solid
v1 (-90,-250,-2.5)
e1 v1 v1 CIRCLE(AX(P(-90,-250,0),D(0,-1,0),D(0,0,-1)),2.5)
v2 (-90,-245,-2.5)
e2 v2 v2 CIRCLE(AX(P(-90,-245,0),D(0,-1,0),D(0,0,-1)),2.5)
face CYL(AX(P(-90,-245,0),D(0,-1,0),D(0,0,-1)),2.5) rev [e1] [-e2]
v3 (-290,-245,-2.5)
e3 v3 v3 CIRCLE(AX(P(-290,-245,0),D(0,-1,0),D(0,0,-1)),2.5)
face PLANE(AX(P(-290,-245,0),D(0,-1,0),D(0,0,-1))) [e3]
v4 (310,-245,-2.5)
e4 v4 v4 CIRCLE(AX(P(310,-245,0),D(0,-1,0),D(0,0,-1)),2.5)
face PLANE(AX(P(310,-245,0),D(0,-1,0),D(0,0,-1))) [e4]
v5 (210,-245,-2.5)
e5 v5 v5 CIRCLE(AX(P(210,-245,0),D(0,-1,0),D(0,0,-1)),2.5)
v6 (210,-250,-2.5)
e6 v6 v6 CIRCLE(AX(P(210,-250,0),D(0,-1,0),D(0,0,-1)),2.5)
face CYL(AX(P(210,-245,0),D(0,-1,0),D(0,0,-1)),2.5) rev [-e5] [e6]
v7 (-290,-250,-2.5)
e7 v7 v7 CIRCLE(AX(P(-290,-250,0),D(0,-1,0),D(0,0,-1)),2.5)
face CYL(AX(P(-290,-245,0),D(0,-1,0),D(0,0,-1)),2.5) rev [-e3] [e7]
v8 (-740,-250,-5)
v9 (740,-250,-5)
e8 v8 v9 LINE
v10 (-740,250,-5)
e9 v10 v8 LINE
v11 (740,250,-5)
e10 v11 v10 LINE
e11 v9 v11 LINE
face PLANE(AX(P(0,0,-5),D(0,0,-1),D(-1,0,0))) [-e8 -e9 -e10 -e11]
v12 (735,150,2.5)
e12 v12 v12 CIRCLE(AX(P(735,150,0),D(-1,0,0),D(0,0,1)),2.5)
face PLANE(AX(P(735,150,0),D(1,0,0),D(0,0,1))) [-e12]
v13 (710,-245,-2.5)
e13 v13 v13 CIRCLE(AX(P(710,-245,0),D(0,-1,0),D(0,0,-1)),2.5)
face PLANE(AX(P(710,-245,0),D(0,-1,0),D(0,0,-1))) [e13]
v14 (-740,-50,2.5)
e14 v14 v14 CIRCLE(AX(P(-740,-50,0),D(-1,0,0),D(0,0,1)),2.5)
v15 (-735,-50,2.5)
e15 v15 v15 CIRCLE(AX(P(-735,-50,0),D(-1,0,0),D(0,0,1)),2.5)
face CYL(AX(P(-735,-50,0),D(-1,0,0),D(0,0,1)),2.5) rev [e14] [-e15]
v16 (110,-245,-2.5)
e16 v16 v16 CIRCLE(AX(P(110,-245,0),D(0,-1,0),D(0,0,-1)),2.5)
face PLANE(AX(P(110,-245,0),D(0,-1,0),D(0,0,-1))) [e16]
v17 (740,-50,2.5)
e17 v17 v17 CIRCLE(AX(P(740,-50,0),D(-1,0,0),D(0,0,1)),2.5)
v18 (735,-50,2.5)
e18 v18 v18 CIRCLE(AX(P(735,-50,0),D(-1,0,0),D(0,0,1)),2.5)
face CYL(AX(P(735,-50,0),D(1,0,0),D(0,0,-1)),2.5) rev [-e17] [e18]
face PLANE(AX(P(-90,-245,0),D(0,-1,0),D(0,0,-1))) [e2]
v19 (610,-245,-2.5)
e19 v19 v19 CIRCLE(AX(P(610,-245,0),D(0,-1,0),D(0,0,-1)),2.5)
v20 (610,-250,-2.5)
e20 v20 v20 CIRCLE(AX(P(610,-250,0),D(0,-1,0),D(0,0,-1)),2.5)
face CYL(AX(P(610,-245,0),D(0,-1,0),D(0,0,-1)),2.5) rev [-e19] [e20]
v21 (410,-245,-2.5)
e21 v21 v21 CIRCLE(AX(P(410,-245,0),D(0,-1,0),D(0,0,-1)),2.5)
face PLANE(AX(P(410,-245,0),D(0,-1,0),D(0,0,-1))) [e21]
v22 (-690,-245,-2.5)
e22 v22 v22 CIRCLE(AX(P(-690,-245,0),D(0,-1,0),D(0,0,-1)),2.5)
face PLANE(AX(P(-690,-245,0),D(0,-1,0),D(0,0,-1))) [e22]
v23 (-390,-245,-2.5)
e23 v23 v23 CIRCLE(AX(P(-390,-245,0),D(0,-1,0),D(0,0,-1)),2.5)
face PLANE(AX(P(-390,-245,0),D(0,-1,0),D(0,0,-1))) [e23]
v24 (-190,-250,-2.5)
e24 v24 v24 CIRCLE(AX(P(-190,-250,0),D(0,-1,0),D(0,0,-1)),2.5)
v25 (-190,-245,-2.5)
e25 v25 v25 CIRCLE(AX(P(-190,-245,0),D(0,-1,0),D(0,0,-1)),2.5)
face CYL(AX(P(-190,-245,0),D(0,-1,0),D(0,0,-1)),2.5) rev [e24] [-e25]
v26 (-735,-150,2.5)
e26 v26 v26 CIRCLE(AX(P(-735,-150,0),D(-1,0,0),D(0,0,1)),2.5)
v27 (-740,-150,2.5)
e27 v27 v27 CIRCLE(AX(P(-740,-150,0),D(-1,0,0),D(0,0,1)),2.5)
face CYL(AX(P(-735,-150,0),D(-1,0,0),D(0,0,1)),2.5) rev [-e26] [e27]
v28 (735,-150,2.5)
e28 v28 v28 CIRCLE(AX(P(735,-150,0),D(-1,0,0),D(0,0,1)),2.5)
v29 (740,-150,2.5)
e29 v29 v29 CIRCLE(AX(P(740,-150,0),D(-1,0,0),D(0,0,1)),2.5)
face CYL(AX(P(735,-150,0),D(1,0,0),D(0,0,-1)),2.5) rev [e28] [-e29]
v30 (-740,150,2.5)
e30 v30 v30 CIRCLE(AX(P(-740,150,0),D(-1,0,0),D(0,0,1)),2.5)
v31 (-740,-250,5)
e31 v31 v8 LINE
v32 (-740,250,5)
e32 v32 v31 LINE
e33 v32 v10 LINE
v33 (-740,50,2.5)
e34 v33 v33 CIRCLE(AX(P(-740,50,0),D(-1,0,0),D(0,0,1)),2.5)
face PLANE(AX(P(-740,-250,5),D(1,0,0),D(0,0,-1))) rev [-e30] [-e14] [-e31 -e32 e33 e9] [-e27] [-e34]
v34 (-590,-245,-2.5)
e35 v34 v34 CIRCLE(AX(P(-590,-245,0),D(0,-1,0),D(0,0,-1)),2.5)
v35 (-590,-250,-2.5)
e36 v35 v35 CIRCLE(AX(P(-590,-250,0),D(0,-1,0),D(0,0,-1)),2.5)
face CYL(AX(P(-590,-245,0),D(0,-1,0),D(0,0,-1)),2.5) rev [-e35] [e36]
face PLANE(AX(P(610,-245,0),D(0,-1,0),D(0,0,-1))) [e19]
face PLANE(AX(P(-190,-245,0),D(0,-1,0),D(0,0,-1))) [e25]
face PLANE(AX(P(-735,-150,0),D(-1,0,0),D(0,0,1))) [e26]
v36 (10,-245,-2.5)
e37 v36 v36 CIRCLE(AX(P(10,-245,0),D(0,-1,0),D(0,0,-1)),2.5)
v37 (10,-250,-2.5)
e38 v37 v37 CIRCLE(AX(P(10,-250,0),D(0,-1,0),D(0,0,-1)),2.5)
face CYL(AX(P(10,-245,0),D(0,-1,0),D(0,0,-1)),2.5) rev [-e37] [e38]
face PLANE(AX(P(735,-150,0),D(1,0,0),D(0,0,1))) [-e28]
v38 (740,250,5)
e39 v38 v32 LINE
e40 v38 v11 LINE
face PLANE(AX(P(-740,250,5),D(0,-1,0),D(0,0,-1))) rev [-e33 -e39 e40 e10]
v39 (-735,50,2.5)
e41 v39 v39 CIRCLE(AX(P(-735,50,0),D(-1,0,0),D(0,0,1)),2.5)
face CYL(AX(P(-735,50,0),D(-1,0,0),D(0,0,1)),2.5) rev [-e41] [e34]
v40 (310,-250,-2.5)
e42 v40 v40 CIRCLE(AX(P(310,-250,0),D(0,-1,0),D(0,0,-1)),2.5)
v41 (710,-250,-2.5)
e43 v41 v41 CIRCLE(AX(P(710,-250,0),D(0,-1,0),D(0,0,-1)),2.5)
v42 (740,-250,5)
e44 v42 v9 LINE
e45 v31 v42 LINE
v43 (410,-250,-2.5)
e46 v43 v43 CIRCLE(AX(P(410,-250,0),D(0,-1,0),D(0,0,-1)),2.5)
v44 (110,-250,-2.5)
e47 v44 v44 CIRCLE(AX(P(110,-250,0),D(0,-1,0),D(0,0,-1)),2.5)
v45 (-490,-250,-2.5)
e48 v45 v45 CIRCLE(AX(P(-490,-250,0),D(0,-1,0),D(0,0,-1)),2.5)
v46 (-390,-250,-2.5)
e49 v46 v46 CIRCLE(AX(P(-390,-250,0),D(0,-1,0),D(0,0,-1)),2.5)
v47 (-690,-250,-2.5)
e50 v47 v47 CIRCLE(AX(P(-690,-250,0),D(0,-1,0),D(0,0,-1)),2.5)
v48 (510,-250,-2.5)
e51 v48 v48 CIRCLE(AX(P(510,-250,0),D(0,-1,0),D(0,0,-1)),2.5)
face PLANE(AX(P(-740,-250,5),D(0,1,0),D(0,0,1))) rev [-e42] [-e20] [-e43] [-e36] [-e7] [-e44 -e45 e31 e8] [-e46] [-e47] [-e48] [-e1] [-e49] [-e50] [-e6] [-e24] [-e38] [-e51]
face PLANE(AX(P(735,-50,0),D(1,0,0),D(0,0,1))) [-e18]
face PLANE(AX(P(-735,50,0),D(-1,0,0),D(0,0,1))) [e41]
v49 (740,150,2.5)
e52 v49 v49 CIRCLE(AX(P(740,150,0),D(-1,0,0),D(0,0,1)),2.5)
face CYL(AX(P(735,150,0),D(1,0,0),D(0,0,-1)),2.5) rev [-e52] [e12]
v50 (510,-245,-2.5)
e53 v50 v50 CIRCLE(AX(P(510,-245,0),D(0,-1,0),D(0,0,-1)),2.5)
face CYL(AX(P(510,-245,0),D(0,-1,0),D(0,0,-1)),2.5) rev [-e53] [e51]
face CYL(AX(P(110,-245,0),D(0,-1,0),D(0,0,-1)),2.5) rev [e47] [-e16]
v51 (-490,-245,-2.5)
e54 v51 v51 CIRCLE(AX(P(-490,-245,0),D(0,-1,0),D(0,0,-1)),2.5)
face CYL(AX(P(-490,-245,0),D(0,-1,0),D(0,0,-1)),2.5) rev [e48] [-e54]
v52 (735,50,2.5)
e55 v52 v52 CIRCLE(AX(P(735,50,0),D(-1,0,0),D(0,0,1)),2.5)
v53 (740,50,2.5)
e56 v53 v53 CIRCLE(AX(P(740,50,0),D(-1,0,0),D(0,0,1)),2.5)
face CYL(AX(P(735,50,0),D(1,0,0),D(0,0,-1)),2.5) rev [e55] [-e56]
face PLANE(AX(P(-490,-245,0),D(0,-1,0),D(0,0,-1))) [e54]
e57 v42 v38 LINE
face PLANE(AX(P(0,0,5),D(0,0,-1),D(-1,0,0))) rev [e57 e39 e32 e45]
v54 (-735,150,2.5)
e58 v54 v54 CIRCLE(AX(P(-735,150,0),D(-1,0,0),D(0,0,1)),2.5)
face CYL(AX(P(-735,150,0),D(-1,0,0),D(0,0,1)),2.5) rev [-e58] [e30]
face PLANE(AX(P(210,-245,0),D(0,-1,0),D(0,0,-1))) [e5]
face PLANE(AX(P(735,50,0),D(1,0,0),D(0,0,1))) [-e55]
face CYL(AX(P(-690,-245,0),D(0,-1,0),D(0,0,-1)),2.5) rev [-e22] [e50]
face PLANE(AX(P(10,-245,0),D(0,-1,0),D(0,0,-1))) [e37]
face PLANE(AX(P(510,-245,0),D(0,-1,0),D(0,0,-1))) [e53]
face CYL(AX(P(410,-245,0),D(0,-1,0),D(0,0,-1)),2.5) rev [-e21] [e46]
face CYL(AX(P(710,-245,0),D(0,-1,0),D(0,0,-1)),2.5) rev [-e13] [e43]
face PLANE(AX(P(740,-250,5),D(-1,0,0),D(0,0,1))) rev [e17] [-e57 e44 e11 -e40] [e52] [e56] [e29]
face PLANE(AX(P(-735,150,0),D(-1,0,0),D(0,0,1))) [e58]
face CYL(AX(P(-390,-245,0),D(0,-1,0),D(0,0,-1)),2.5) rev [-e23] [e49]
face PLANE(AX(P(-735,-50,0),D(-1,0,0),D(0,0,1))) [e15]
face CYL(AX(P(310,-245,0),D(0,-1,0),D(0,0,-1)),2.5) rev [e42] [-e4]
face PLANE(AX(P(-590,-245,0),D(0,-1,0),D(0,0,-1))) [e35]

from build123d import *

# Parameters (mm, degrees)
CROQUIS1_W              = 1480
CROQUIS1_H              = 500
SALIENTE_EXTRUIR1_DEPTH = 5
CROQUIS2_R              = 2.5
CORTAR_EXTRUIR1_DEPTH   = 5
CROQUIS3_R              = 2.5
CORTAR_EXTRUIR2_DEPTH   = 5


with BuildPart() as part:
    # Croquis1 → Saliente-Extruir1 (new, symmetric)
    with BuildSketch(Plane.XY):
        Rectangle(CROQUIS1_W, CROQUIS1_H)
    extrude(amount=SALIENTE_EXTRUIR1_DEPTH, both=True)

    # Croquis2 → Cortar-Extruir1 (cut)
    with BuildSketch(Plane.XZ.offset(250)):
        with Locations(Location((-690, 0, 0), (0, 0, 270))):
            Circle(CROQUIS2_R)
        with Locations(Location((-590, 0, 0), (0, 0, 270))):
            Circle(CROQUIS2_R)
        with Locations(Location((-490, 0, 0), (0, 0, 270))):
            Circle(CROQUIS2_R)
        with Locations(Location((-390, 0, 0), (0, 0, 270))):
            Circle(CROQUIS2_R)
        with Locations(Location((-290, 0, 0), (0, 0, 270))):
            Circle(CROQUIS2_R)
        with Locations(Location((-190, 0, 0), (0, 0, 270))):
            Circle(CROQUIS2_R)
        with Locations(Location((-90, 0, 0), (0, 0, 270))):
            Circle(CROQUIS2_R)
        with Locations(Location((10, 0, 0), (0, 0, 270))):
            Circle(CROQUIS2_R)
        with Locations(Location((110, 0, 0), (0, 0, 270))):
            Circle(CROQUIS2_R)
        with Locations(Location((210, 0, 0), (0, 0, 270))):
            Circle(CROQUIS2_R)
        with Locations(Location((310, 0, 0), (0, 0, 270))):
            Circle(CROQUIS2_R)
        with Locations(Location((410, 0, 0), (0, 0, 270))):
            Circle(CROQUIS2_R)
        with Locations(Location((510, 0, 0), (0, 0, 270))):
            Circle(CROQUIS2_R)
        with Locations(Location((610, 0, 0), (0, 0, 270))):
            Circle(CROQUIS2_R)
        with Locations(Location((710, 0, 0), (0, 0, 270))):
            Circle(CROQUIS2_R)
    extrude(amount=-CORTAR_EXTRUIR1_DEPTH, mode=Mode.SUBTRACT)

    # Croquis3 → Cortar-Extruir2 (cut)
    with BuildSketch(Plane.ZY.offset(740)):
        with Locations((0, -150)):
            Circle(CROQUIS3_R)
        with Locations((0, -50)):
            Circle(CROQUIS3_R)
        with Locations((0, 50)):
            Circle(CROQUIS3_R)
        with Locations((0, 150)):
            Circle(CROQUIS3_R)
    cortar_extruir2 = extrude(amount=-CORTAR_EXTRUIR2_DEPTH, mode=Mode.SUBTRACT)

    # Simetría5: Cortar-Extruir2 across plane
    add(cortar_extruir2.mirror(Plane(origin=(0, 0, 0), x_dir=(0, 0, 1), z_dir=(1, 0, 0))), mode=Mode.SUBTRACT)


solid = part.part
